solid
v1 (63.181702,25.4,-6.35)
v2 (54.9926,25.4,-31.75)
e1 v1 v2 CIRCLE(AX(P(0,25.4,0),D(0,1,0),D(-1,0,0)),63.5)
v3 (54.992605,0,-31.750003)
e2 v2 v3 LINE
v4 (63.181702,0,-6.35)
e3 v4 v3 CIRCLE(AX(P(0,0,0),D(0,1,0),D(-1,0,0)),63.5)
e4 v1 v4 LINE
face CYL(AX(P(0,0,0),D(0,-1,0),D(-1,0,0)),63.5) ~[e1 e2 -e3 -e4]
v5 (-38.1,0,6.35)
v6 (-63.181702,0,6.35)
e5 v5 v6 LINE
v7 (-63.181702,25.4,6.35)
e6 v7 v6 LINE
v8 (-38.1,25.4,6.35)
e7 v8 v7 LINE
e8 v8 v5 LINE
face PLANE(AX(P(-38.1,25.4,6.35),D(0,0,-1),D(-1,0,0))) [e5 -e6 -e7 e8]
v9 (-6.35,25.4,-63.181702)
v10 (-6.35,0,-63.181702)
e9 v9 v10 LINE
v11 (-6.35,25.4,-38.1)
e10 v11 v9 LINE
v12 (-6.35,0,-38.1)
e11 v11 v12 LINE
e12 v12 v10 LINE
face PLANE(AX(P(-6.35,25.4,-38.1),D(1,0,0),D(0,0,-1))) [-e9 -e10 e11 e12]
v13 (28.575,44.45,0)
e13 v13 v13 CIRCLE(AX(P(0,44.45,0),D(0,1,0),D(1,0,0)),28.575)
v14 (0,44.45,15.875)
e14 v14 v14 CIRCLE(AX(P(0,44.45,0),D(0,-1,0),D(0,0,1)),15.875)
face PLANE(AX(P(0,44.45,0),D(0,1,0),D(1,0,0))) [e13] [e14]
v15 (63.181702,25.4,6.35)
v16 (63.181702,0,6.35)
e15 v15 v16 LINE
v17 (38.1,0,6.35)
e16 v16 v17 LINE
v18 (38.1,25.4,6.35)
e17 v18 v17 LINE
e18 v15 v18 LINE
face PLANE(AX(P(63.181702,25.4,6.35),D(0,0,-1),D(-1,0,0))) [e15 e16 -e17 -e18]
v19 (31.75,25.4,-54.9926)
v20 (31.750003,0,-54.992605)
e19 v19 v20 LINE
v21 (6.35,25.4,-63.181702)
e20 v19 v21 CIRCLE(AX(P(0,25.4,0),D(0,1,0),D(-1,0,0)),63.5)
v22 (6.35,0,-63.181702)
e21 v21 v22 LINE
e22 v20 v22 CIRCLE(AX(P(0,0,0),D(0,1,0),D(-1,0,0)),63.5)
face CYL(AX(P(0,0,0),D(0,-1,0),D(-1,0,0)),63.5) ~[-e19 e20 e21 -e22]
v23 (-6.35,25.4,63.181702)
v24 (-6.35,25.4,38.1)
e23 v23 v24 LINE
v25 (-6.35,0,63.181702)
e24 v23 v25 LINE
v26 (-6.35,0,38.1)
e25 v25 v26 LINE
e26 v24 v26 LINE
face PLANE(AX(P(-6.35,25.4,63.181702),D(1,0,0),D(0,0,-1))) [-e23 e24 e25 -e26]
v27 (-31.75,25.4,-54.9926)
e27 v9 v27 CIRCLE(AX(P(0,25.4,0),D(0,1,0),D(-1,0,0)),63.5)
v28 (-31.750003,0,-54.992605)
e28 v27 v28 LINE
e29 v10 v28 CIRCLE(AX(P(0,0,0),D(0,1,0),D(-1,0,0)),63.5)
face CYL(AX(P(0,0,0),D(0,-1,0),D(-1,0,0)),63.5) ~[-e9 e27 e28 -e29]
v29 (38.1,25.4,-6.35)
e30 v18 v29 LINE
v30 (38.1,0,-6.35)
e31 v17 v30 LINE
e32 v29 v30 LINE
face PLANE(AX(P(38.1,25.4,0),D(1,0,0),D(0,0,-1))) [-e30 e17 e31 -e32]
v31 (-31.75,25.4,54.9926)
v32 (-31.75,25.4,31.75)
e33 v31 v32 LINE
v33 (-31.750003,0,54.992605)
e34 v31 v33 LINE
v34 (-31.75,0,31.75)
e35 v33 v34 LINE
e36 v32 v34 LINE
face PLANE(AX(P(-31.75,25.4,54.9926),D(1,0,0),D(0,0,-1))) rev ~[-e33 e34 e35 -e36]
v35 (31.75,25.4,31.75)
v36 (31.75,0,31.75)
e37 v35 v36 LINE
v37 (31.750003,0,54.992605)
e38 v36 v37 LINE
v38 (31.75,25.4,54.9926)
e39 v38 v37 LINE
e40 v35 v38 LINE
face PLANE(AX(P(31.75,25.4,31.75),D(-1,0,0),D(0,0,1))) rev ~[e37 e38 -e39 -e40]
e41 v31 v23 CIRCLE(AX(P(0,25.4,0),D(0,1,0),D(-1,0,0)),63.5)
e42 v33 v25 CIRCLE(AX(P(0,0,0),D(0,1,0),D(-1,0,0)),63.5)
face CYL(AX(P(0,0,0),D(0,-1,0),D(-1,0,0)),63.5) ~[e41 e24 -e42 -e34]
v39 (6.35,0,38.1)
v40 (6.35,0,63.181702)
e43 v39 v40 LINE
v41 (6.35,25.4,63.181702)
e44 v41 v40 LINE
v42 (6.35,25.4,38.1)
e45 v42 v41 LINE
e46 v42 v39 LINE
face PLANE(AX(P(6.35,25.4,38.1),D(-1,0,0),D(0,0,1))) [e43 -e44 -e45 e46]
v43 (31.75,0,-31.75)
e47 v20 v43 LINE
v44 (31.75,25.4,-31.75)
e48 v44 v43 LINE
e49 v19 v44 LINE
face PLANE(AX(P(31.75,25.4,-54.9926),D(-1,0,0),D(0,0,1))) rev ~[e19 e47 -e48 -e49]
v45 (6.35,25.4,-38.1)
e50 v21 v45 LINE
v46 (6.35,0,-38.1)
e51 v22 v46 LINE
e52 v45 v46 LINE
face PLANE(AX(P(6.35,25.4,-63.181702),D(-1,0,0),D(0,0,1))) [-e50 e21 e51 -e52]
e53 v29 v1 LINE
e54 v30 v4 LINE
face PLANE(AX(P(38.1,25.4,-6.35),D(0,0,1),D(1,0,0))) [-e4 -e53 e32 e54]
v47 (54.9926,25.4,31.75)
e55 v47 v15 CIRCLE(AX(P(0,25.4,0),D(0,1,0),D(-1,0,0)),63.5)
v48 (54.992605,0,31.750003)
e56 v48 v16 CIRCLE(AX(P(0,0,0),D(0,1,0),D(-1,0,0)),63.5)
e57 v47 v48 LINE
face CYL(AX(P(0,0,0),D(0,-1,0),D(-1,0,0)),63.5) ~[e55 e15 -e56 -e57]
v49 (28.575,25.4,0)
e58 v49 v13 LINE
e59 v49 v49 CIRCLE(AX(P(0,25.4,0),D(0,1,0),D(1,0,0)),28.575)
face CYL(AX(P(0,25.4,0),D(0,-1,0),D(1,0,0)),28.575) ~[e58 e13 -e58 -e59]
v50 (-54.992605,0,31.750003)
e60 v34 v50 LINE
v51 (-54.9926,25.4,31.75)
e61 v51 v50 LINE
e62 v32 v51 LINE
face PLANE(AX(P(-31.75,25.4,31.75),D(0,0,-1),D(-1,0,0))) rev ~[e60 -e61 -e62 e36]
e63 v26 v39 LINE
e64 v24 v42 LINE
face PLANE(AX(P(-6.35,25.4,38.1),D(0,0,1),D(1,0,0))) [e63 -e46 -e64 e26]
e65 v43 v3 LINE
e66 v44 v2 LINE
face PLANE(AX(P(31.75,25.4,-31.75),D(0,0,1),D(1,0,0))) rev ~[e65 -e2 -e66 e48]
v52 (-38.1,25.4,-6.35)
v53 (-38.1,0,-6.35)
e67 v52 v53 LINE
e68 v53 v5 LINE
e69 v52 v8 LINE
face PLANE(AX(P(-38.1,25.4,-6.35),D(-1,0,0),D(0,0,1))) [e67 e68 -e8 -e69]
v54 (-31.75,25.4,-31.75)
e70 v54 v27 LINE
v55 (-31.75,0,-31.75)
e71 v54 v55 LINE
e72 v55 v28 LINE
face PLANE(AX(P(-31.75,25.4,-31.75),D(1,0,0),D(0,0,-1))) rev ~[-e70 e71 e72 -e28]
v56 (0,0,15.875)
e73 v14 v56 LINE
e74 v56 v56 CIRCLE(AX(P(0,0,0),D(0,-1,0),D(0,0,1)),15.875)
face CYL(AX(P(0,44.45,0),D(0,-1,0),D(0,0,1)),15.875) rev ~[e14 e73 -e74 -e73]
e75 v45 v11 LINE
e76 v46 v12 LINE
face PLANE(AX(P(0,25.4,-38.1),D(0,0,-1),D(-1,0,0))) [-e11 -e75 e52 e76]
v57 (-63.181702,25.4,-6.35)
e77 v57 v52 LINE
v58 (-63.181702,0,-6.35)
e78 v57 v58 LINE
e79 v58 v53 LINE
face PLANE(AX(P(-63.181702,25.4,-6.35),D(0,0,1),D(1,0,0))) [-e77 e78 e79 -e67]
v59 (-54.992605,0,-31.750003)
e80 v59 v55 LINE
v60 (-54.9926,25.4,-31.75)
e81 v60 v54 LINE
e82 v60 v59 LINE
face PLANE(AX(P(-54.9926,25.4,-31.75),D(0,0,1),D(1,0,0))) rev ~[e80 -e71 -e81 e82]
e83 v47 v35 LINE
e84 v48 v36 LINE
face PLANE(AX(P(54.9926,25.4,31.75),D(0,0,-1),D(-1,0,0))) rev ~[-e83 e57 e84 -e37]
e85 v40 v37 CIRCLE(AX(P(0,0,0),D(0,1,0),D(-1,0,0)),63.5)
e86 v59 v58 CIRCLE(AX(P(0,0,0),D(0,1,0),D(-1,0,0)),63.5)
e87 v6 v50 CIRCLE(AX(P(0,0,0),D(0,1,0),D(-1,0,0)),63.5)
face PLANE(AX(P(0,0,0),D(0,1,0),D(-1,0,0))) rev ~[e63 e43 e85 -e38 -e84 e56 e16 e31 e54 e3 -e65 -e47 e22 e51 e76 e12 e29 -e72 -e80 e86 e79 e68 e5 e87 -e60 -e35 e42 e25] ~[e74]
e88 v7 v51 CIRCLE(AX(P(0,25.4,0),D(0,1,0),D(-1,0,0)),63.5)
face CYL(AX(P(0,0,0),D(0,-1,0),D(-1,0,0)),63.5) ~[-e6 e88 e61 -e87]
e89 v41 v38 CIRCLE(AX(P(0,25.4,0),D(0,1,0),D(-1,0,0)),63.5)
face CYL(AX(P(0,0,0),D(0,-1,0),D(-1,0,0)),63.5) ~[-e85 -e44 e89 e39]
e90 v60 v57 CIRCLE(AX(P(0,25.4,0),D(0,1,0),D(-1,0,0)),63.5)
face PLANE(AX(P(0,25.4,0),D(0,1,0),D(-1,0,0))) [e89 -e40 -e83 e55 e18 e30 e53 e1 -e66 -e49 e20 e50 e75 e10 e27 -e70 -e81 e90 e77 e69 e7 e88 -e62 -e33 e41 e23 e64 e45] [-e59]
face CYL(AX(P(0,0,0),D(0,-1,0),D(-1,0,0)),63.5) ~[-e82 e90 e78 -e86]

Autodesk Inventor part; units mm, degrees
ref_plane "YZ Plane" through (0, 0, 0) normal (1, 0, 0) x (0, 1, 0)
ref_plane "XZ Plane" through (0, 0, 0) normal (0, 1, 0) x (-1, 0, 0)
ref_plane "XY Plane" through (0, 0, 0) normal (0, 0, 1) x (1, 0, 0)
sketch "Sketch1" plane through (0, 0, 0) normal (0, 1, 0) x (-1, 0, 0)
  circle A0 centre (0, 0) radius 63.5
  dimension "d0" = 127
extrude "Extrusion1" add sketch "Sketch1" along normal blind 25.4
sketch "Sketch2" plane through (0, 25.4, 0) normal (0, 1, 0) x (1, 0, 0)
  circle A0 centre (0, 0) radius 28.575
  dimension "d3" = 57.15
extrude "Extrusion2" add sketch "Sketch2" along normal blind 19.05
sketch "Sketch3" plane through (0, 44.45, 0) normal (0, 1, 0) x (1, 0, 0)
  point P0 (0, 0)
  point P1 (0, 0)
hole "Hole1" at (0, 44.45, 0) direction (0, -1, 0) diameter 31.75 end through all
sketch "Sketch4" plane through (0, 25.4, 0) normal (0, 1, 0) x (1, 0, 0)
  line L0 (0, 0) -> (0, 86.5817)
  line L1 (-6.35, 63.5) -> (6.35, 63.5)
  line L2 (6.35, 63.5) -> (6.35, 38.1)
  line L3 (6.35, 38.1) -> (-6.35, 38.1)
  line L4 (-6.35, 38.1) -> (-6.35, 63.5)
  circle A0 centre (0, 0) radius 63.5 projected
  line L5 (0, 0) -> (96.5771, 0)
  circle A1 centre (0, 0) radius 63.5 projected
  line L6 (31.75, 54.9926) -> (31.75, 31.75)
  line L7 (31.75, 31.75) -> (54.9926, 31.75)
  line L8 (-38.1, -6.35) -> (-63.5, -6.35)
  line L9 (-63.5, -6.35) -> (-63.5, 6.35)
  line L10 (-38.1, 6.35) -> (-38.1, -6.35)
  line L11 (-63.5, 6.35) -> (-38.1, 6.35)
  line L12 (-54.9926, 31.75) -> (-31.75, 31.75)
  line L13 (-31.75, 31.75) -> (-31.75, 54.9926)
  line L14 (6.35, -38.1) -> (6.35, -63.5)
  line L15 (6.35, -63.5) -> (-6.35, -63.5)
  line L16 (-6.35, -38.1) -> (6.35, -38.1)
  line L17 (-6.35, -63.5) -> (-6.35, -38.1)
  line L18 (-31.75, -54.9926) -> (-31.75, -31.75)
  line L19 (-31.75, -31.75) -> (-54.9926, -31.75)
  line L20 (38.1, 6.35) -> (63.5, 6.35)
  line L21 (63.5, 6.35) -> (63.5, -6.35)
  line L22 (38.1, -6.35) -> (38.1, 6.35)
  line L23 (63.5, -6.35) -> (38.1, -6.35)
  line L24 (54.9926, -31.75) -> (31.75, -31.75)
  line L25 (31.75, -31.75) -> (31.75, -54.9926)
  point P0 (0, 43.2908)
  point P1 (-63.1817, 6.35)
  point P2 (-63.1817, -6.35)
  point P3 (-6.35, -63.1817)
  point P4 (6.35, -63.1817)
  point P5 (63.1817, -6.35)
  point P6 (63.1817, 6.35)
  point P7 (6.35, 63.1817)
  point P8 (-6.35, 63.1817)
  dimension "d13" = 12.7
  dimension "d14" = 76.2
  dimension "d15" = 63.5
  dimension "d16" = 63.5
  dimension "d19" = 360
extrude "Extrusion3" cut sketch "Sketch4" against normal through all contours L3 L4 A0 L0 | L0 A0 L2 L3 | L22 L20 A0 L5 | L5 A0 L23 L22 | A0 L7 L6 | L13 L12 A0 | A0 L25 L24 | L11 L10 L8 A0 | A0 L17 L16 L14 | L19 L18 A0
properties part number "IndexingGuide"
